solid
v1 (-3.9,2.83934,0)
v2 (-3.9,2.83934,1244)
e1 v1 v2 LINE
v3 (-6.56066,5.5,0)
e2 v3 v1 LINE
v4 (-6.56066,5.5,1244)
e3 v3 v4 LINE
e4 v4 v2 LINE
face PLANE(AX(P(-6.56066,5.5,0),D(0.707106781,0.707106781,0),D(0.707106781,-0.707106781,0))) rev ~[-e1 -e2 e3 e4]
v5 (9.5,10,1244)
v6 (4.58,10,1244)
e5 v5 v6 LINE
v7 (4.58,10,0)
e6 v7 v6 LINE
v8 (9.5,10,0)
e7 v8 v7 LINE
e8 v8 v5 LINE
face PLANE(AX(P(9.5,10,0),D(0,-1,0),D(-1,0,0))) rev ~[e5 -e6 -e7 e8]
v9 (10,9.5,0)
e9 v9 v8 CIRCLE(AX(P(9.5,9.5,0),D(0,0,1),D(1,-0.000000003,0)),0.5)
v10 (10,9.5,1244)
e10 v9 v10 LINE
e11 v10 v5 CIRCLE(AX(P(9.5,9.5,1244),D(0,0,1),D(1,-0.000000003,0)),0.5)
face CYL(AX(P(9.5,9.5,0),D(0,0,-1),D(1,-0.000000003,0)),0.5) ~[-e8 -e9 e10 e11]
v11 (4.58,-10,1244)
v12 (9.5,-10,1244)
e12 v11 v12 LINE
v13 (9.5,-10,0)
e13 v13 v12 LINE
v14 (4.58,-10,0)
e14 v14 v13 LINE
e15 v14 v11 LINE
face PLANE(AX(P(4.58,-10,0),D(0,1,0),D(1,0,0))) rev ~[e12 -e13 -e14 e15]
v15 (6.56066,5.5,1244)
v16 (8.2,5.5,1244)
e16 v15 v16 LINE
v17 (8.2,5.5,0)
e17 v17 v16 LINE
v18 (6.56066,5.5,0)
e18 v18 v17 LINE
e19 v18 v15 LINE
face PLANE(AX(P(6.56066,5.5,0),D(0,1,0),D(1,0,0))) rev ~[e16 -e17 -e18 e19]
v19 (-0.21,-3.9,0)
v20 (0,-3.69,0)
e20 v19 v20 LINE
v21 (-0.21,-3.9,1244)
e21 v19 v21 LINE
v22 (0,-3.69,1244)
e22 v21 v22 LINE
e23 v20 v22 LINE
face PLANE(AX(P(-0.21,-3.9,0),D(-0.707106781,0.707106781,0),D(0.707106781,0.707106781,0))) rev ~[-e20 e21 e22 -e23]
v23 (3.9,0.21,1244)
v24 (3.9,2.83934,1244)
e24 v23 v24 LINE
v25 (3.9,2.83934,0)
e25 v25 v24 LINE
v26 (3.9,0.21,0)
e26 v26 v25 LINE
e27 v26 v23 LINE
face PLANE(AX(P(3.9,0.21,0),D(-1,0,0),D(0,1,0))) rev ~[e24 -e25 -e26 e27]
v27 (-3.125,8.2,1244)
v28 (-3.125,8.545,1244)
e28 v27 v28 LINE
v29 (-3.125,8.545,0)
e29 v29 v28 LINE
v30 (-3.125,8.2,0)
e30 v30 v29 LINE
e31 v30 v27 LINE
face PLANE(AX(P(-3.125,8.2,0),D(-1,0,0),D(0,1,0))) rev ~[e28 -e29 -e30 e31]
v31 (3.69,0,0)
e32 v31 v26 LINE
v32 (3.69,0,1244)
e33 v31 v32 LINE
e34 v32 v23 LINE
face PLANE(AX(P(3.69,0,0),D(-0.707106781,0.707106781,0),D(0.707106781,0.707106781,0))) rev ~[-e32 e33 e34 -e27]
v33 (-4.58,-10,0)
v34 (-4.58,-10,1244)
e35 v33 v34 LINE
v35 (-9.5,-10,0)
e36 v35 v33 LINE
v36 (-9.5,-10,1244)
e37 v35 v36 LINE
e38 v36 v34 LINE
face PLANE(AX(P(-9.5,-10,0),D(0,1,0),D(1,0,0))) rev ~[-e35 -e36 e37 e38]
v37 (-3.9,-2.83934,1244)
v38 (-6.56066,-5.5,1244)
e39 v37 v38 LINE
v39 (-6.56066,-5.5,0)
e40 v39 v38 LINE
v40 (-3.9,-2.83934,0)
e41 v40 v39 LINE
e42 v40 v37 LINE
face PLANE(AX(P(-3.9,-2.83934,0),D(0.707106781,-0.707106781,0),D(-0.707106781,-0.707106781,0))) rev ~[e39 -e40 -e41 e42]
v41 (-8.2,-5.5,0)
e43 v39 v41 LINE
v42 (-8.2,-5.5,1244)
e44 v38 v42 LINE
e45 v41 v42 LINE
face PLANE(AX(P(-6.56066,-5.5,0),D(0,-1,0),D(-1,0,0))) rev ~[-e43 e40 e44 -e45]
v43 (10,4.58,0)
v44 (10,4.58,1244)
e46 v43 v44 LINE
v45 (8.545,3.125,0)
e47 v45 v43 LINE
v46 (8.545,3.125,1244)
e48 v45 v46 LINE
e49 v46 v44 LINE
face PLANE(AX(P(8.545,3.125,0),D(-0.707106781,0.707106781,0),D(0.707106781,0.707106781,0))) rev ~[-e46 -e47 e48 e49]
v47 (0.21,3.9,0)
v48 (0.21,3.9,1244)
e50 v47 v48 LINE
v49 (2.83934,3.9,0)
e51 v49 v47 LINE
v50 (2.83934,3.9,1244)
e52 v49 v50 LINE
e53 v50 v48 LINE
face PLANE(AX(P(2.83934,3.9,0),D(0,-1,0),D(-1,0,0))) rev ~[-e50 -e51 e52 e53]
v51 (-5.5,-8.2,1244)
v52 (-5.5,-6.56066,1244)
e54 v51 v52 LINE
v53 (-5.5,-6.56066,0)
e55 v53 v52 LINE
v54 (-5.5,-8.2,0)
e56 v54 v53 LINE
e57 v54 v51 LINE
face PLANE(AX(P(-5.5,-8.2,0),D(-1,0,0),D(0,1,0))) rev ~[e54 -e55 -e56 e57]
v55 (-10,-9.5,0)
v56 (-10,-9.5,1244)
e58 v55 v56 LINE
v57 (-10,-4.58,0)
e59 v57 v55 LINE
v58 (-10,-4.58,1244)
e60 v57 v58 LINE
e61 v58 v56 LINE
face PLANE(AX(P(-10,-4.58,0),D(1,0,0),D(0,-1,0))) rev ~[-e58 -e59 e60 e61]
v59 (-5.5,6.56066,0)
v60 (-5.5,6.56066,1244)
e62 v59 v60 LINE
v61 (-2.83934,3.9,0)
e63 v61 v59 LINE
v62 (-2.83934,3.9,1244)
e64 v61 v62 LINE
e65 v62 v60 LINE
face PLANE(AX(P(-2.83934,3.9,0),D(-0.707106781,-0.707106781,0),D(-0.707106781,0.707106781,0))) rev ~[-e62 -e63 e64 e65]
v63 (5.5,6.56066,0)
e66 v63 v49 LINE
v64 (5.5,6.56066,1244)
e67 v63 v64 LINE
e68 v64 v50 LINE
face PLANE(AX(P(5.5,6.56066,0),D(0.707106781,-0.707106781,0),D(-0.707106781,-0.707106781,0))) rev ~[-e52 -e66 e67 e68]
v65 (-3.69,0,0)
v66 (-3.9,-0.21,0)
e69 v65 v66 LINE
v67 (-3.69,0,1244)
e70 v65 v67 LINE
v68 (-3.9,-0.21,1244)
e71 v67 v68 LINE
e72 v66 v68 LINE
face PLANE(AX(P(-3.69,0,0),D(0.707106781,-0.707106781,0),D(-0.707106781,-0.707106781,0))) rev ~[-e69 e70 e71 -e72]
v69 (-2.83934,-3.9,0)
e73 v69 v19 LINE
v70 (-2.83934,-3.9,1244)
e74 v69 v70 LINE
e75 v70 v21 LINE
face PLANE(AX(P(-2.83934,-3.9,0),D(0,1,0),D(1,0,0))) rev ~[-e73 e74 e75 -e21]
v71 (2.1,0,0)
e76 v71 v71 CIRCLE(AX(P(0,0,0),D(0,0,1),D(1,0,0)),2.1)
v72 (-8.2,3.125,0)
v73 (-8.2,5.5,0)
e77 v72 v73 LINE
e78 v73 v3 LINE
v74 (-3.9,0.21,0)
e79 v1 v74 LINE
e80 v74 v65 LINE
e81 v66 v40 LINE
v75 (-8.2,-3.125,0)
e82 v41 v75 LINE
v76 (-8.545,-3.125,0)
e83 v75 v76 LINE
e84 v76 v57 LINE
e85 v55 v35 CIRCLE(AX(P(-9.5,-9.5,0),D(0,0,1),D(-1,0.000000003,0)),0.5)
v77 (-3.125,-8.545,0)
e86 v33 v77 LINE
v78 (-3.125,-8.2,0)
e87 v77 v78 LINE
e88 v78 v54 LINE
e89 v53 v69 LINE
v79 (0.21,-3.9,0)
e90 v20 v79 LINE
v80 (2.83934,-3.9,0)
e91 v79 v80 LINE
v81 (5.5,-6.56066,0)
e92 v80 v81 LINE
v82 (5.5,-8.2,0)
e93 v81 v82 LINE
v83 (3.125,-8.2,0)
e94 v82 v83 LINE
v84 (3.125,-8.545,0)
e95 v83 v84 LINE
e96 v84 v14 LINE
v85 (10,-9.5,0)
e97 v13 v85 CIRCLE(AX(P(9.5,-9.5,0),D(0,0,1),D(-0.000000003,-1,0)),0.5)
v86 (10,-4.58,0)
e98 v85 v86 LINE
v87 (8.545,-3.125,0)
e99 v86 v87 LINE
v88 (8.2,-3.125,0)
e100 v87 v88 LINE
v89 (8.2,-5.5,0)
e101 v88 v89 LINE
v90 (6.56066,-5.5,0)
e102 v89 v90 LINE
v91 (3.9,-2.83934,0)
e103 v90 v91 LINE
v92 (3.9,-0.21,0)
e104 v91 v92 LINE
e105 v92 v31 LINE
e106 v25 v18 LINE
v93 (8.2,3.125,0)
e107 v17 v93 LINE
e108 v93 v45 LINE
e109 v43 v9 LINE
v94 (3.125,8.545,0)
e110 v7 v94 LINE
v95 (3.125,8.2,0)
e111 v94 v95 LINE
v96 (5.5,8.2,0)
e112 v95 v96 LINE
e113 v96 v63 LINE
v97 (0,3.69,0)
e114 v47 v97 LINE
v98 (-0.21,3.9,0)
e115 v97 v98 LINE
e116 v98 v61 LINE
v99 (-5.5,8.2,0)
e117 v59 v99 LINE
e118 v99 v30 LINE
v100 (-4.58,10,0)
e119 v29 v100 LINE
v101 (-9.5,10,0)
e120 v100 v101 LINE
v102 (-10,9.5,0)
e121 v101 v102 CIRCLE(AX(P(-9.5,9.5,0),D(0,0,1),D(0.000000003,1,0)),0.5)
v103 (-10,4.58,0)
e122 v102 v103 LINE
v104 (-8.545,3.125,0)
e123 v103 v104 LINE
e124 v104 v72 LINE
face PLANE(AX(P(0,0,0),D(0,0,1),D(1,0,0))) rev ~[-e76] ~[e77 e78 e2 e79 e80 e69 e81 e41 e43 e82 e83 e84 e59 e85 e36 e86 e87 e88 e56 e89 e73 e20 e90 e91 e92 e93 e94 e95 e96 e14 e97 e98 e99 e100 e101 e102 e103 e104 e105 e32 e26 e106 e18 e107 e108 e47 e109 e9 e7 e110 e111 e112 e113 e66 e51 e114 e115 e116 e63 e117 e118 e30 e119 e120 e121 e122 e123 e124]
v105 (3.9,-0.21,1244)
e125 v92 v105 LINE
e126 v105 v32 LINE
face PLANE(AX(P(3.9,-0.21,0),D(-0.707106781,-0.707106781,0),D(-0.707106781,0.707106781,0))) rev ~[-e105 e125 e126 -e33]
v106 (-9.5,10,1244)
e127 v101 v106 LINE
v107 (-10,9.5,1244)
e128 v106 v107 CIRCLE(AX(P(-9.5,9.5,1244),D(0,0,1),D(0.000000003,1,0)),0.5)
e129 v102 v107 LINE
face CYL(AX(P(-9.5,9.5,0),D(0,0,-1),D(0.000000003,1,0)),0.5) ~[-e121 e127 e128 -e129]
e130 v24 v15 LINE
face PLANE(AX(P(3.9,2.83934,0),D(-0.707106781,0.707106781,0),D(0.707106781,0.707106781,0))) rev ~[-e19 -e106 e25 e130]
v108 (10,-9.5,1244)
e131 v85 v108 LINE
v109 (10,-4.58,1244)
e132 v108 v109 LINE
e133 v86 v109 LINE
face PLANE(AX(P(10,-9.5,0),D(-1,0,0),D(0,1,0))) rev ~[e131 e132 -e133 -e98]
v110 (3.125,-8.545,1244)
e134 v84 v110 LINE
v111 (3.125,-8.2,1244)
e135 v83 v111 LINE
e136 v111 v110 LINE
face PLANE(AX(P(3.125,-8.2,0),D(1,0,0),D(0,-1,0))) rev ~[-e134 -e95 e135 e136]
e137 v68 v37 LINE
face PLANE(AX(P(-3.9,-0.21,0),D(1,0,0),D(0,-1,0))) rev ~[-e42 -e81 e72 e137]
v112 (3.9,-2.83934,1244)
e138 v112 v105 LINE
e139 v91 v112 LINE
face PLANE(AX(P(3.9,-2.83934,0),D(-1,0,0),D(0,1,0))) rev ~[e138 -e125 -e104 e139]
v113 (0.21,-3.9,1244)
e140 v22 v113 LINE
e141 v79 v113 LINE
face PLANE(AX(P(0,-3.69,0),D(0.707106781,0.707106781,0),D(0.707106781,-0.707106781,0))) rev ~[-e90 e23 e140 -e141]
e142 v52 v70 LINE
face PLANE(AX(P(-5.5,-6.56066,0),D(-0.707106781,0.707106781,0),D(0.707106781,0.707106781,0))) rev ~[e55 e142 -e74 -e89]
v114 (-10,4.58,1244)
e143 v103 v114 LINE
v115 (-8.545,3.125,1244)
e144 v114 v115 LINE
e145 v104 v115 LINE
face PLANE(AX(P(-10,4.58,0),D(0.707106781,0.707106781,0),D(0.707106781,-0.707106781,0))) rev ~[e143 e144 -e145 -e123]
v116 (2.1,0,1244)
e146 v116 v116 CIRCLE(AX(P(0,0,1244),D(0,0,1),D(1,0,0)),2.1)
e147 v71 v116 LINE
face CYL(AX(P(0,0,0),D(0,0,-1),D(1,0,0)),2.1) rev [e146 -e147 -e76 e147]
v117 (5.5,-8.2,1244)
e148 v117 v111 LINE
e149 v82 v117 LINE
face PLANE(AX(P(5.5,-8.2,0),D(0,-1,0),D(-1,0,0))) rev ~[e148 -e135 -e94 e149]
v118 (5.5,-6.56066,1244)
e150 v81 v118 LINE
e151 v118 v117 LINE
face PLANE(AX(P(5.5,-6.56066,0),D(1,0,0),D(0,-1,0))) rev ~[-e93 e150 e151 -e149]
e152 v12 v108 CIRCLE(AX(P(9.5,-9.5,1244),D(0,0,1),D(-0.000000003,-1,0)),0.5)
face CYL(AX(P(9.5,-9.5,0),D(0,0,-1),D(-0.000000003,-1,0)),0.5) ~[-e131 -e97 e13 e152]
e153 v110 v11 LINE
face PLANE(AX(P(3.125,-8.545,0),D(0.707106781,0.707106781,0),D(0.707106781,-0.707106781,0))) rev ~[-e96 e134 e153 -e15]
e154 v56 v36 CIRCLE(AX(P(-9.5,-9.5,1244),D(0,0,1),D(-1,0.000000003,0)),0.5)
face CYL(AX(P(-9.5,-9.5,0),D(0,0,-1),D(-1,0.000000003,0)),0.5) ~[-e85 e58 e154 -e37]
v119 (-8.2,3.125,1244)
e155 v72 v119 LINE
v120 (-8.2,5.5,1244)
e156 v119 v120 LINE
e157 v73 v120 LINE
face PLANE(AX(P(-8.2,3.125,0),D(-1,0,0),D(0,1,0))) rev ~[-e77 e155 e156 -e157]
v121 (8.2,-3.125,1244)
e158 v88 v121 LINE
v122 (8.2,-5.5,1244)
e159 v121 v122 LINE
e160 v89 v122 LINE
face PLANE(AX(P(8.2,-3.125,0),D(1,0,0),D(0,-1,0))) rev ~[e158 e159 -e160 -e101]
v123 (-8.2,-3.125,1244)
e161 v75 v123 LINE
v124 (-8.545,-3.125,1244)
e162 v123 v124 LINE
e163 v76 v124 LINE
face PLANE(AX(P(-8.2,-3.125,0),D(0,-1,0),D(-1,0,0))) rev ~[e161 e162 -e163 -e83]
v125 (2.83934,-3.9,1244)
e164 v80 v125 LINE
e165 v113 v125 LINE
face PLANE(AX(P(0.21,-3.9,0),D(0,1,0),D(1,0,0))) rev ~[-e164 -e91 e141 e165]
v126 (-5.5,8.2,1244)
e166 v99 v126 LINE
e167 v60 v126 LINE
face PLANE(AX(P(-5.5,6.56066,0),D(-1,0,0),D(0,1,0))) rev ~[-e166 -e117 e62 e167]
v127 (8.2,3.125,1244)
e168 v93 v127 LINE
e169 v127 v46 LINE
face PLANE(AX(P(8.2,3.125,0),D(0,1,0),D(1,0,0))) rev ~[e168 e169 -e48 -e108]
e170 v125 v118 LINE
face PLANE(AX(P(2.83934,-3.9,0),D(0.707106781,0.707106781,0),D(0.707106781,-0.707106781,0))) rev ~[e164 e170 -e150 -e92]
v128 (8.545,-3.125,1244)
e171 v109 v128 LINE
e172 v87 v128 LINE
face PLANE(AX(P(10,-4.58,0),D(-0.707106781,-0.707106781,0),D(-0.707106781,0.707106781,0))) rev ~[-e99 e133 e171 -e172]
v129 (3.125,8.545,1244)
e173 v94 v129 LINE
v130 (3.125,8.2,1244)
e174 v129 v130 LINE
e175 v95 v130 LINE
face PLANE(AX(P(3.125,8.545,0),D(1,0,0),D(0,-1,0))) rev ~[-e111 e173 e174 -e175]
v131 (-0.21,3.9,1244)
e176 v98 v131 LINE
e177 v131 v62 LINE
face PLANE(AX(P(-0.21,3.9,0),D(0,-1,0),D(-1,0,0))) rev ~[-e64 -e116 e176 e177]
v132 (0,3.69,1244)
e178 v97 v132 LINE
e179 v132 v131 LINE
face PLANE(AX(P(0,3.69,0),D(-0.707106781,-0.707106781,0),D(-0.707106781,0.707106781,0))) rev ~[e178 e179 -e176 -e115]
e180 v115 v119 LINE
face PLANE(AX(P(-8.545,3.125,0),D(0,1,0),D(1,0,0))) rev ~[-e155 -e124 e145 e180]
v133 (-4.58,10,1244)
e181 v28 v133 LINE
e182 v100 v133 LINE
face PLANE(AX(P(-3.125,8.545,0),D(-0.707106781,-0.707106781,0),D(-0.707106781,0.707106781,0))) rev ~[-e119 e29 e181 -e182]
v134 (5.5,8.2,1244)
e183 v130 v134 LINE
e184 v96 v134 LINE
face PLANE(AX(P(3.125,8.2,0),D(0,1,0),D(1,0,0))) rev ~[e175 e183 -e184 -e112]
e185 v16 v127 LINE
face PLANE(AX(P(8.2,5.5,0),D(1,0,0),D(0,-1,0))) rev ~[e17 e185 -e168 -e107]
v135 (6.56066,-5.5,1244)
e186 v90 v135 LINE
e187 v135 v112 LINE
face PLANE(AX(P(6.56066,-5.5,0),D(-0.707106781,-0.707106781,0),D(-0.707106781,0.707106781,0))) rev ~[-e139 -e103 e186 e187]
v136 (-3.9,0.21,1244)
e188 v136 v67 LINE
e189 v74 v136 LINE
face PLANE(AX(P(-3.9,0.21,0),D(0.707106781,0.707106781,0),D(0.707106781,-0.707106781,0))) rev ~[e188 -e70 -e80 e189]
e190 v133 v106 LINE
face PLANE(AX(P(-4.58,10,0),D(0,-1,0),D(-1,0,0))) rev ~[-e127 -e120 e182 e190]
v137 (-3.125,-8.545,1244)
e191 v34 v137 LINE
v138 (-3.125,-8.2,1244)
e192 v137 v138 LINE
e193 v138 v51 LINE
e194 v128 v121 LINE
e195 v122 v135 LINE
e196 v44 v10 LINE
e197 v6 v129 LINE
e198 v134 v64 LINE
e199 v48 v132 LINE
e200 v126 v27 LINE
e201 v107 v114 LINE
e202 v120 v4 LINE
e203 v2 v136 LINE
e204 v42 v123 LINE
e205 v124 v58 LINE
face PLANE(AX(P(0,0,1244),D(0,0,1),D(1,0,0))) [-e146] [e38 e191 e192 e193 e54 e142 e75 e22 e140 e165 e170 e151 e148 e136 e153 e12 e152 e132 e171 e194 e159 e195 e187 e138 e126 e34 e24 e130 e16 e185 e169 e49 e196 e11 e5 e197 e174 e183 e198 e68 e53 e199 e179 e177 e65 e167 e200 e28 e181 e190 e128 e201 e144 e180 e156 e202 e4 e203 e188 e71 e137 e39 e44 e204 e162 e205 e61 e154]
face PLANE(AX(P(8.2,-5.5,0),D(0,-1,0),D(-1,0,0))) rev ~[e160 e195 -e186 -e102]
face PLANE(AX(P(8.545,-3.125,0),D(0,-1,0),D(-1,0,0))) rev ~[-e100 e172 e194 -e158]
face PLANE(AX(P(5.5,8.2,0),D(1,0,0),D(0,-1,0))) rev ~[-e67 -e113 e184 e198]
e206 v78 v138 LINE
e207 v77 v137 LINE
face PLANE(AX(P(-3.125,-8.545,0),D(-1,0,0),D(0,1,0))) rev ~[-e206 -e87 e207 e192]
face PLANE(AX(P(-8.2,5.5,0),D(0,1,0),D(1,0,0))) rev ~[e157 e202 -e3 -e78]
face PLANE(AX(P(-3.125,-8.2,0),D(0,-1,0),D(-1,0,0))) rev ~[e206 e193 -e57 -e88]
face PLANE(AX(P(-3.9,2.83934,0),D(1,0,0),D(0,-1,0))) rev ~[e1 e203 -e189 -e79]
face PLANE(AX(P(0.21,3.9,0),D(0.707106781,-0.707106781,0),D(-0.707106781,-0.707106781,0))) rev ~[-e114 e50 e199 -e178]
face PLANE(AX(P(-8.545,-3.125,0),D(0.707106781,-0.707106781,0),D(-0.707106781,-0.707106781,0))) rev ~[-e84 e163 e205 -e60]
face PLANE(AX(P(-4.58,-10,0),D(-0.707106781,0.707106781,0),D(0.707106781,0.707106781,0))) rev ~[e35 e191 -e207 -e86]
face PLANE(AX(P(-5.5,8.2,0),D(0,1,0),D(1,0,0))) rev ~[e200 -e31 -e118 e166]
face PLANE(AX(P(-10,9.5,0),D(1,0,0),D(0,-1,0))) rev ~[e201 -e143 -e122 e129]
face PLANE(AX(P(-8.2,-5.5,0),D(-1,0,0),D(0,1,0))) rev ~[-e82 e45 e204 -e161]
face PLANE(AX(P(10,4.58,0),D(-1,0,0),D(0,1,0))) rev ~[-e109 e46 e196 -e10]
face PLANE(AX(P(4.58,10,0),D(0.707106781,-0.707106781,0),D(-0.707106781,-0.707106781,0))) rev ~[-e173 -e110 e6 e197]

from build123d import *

# Parameters (mm, degrees)
SKETCH1_R           = 2.1
BOSS_EXTRUDE1_DEPTH = 1244


with BuildPart() as part:
    # Sketch1 → Boss-Extrude1 (new body)
    with BuildSketch(Plane.XY):
        with BuildLine():
            Line((4.58, -10), (9.5, -10))
            ThreePointArc((9.5, -10), (9.853553391, -9.853553391), (10, -9.5))
            Line((10, -9.5), (10, -4.58))
            Line((10, -4.58), (8.545, -3.125))
            Line((8.545, -3.125), (8.2, -3.125))
            Line((8.2, -3.125), (8.2, -5.5))
            Line((8.2, -5.5), (6.560660172, -5.5))
            Line((6.560660172, -5.5), (3.9, -2.839339828))
            Line((3.9, -2.839339828), (3.9, -0.21))
            Line((3.9, -0.21), (3.69, 0))
            Line((3.69, 0), (3.9, 0.21))
            Line((3.9, 0.21), (3.9, 2.839339828))
            Line((3.9, 2.839339828), (6.560660172, 5.5))
            Line((6.560660172, 5.5), (8.2, 5.5))
            Line((8.2, 5.5), (8.2, 3.125))
            Line((8.2, 3.125), (8.545, 3.125))
            Line((8.545, 3.125), (10, 4.58))
            Line((10, 4.58), (10, 9.5))
            ThreePointArc((10, 9.5), (9.853553391, 9.853553391), (9.5, 10))
            Line((9.5, 10), (4.58, 10))
            Line((4.58, 10), (3.125, 8.545))
            Line((3.125, 8.545), (3.125, 8.2))
            Line((3.125, 8.2), (5.5, 8.2))
            Line((5.5, 8.2), (5.5, 6.560660172))
            Line((5.5, 6.560660172), (2.839339828, 3.9))
            Line((2.839339828, 3.9), (0.21, 3.9))
            Line((0.21, 3.9), (0, 3.69))
            Line((0, 3.69), (-0.21, 3.9))
            Line((-0.21, 3.9), (-2.839339828, 3.9))
            Line((-2.839339828, 3.9), (-5.5, 6.560660172))
            Line((-5.5, 6.560660172), (-5.5, 8.2))
            Line((-5.5, 8.2), (-3.125, 8.2))
            Line((-3.125, 8.2), (-3.125, 8.545))
            Line((-3.125, 8.545), (-4.58, 10))
            Line((-4.58, 10), (-9.5, 10))
            ThreePointArc((-9.5, 10), (-9.853553391, 9.853553391), (-10, 9.5))
            Line((-10, 9.5), (-10, 4.58))
            Line((-10, 4.58), (-8.545, 3.125))
            Line((-8.545, 3.125), (-8.2, 3.125))
            Line((-8.2, 3.125), (-8.2, 5.5))
            Line((-8.2, 5.5), (-6.560660172, 5.5))
            Line((-6.560660172, 5.5), (-3.9, 2.839339828))
            Line((-3.9, 2.839339828), (-3.9, 0.21))
            Line((-3.9, 0.21), (-3.69, 0))
            Line((-3.69, 0), (-3.9, -0.21))
            Line((-3.9, -0.21), (-3.9, -2.839339828))
            Line((-3.9, -2.839339828), (-6.560660172, -5.5))
            Line((-6.560660172, -5.5), (-8.2, -5.5))
            Line((-8.2, -5.5), (-8.2, -3.125))
            Line((-8.2, -3.125), (-8.545, -3.125))
            Line((-8.545, -3.125), (-10, -4.58))
            Line((-10, -4.58), (-10, -9.5))
            ThreePointArc((-10, -9.5), (-9.853553391, -9.853553391), (-9.5, -10))
            Line((-9.5, -10), (-4.58, -10))
            Line((-4.58, -10), (-3.125, -8.545))
            Line((-3.125, -8.545), (-3.125, -8.2))
            Line((-3.125, -8.2), (-5.5, -8.2))
            Line((-5.5, -8.2), (-5.5, -6.560660172))
            Line((-5.5, -6.560660172), (-2.839339828, -3.9))
            Line((-2.839339828, -3.9), (-0.21, -3.9))
            Line((-0.21, -3.9), (0, -3.69))
            Line((0, -3.69), (0.21, -3.9))
            Line((0.21, -3.9), (2.839339828, -3.9))
            Line((2.839339828, -3.9), (5.5, -6.560660172))
            Line((5.5, -6.560660172), (5.5, -8.2))
            Line((5.5, -8.2), (3.125, -8.2))
            Line((3.125, -8.2), (3.125, -8.545))
            Line((3.125, -8.545), (4.58, -10))
        make_face()
        Circle(SKETCH1_R, mode=Mode.SUBTRACT)
    extrude(amount=BOSS_EXTRUDE1_DEPTH)


solid = part.part
